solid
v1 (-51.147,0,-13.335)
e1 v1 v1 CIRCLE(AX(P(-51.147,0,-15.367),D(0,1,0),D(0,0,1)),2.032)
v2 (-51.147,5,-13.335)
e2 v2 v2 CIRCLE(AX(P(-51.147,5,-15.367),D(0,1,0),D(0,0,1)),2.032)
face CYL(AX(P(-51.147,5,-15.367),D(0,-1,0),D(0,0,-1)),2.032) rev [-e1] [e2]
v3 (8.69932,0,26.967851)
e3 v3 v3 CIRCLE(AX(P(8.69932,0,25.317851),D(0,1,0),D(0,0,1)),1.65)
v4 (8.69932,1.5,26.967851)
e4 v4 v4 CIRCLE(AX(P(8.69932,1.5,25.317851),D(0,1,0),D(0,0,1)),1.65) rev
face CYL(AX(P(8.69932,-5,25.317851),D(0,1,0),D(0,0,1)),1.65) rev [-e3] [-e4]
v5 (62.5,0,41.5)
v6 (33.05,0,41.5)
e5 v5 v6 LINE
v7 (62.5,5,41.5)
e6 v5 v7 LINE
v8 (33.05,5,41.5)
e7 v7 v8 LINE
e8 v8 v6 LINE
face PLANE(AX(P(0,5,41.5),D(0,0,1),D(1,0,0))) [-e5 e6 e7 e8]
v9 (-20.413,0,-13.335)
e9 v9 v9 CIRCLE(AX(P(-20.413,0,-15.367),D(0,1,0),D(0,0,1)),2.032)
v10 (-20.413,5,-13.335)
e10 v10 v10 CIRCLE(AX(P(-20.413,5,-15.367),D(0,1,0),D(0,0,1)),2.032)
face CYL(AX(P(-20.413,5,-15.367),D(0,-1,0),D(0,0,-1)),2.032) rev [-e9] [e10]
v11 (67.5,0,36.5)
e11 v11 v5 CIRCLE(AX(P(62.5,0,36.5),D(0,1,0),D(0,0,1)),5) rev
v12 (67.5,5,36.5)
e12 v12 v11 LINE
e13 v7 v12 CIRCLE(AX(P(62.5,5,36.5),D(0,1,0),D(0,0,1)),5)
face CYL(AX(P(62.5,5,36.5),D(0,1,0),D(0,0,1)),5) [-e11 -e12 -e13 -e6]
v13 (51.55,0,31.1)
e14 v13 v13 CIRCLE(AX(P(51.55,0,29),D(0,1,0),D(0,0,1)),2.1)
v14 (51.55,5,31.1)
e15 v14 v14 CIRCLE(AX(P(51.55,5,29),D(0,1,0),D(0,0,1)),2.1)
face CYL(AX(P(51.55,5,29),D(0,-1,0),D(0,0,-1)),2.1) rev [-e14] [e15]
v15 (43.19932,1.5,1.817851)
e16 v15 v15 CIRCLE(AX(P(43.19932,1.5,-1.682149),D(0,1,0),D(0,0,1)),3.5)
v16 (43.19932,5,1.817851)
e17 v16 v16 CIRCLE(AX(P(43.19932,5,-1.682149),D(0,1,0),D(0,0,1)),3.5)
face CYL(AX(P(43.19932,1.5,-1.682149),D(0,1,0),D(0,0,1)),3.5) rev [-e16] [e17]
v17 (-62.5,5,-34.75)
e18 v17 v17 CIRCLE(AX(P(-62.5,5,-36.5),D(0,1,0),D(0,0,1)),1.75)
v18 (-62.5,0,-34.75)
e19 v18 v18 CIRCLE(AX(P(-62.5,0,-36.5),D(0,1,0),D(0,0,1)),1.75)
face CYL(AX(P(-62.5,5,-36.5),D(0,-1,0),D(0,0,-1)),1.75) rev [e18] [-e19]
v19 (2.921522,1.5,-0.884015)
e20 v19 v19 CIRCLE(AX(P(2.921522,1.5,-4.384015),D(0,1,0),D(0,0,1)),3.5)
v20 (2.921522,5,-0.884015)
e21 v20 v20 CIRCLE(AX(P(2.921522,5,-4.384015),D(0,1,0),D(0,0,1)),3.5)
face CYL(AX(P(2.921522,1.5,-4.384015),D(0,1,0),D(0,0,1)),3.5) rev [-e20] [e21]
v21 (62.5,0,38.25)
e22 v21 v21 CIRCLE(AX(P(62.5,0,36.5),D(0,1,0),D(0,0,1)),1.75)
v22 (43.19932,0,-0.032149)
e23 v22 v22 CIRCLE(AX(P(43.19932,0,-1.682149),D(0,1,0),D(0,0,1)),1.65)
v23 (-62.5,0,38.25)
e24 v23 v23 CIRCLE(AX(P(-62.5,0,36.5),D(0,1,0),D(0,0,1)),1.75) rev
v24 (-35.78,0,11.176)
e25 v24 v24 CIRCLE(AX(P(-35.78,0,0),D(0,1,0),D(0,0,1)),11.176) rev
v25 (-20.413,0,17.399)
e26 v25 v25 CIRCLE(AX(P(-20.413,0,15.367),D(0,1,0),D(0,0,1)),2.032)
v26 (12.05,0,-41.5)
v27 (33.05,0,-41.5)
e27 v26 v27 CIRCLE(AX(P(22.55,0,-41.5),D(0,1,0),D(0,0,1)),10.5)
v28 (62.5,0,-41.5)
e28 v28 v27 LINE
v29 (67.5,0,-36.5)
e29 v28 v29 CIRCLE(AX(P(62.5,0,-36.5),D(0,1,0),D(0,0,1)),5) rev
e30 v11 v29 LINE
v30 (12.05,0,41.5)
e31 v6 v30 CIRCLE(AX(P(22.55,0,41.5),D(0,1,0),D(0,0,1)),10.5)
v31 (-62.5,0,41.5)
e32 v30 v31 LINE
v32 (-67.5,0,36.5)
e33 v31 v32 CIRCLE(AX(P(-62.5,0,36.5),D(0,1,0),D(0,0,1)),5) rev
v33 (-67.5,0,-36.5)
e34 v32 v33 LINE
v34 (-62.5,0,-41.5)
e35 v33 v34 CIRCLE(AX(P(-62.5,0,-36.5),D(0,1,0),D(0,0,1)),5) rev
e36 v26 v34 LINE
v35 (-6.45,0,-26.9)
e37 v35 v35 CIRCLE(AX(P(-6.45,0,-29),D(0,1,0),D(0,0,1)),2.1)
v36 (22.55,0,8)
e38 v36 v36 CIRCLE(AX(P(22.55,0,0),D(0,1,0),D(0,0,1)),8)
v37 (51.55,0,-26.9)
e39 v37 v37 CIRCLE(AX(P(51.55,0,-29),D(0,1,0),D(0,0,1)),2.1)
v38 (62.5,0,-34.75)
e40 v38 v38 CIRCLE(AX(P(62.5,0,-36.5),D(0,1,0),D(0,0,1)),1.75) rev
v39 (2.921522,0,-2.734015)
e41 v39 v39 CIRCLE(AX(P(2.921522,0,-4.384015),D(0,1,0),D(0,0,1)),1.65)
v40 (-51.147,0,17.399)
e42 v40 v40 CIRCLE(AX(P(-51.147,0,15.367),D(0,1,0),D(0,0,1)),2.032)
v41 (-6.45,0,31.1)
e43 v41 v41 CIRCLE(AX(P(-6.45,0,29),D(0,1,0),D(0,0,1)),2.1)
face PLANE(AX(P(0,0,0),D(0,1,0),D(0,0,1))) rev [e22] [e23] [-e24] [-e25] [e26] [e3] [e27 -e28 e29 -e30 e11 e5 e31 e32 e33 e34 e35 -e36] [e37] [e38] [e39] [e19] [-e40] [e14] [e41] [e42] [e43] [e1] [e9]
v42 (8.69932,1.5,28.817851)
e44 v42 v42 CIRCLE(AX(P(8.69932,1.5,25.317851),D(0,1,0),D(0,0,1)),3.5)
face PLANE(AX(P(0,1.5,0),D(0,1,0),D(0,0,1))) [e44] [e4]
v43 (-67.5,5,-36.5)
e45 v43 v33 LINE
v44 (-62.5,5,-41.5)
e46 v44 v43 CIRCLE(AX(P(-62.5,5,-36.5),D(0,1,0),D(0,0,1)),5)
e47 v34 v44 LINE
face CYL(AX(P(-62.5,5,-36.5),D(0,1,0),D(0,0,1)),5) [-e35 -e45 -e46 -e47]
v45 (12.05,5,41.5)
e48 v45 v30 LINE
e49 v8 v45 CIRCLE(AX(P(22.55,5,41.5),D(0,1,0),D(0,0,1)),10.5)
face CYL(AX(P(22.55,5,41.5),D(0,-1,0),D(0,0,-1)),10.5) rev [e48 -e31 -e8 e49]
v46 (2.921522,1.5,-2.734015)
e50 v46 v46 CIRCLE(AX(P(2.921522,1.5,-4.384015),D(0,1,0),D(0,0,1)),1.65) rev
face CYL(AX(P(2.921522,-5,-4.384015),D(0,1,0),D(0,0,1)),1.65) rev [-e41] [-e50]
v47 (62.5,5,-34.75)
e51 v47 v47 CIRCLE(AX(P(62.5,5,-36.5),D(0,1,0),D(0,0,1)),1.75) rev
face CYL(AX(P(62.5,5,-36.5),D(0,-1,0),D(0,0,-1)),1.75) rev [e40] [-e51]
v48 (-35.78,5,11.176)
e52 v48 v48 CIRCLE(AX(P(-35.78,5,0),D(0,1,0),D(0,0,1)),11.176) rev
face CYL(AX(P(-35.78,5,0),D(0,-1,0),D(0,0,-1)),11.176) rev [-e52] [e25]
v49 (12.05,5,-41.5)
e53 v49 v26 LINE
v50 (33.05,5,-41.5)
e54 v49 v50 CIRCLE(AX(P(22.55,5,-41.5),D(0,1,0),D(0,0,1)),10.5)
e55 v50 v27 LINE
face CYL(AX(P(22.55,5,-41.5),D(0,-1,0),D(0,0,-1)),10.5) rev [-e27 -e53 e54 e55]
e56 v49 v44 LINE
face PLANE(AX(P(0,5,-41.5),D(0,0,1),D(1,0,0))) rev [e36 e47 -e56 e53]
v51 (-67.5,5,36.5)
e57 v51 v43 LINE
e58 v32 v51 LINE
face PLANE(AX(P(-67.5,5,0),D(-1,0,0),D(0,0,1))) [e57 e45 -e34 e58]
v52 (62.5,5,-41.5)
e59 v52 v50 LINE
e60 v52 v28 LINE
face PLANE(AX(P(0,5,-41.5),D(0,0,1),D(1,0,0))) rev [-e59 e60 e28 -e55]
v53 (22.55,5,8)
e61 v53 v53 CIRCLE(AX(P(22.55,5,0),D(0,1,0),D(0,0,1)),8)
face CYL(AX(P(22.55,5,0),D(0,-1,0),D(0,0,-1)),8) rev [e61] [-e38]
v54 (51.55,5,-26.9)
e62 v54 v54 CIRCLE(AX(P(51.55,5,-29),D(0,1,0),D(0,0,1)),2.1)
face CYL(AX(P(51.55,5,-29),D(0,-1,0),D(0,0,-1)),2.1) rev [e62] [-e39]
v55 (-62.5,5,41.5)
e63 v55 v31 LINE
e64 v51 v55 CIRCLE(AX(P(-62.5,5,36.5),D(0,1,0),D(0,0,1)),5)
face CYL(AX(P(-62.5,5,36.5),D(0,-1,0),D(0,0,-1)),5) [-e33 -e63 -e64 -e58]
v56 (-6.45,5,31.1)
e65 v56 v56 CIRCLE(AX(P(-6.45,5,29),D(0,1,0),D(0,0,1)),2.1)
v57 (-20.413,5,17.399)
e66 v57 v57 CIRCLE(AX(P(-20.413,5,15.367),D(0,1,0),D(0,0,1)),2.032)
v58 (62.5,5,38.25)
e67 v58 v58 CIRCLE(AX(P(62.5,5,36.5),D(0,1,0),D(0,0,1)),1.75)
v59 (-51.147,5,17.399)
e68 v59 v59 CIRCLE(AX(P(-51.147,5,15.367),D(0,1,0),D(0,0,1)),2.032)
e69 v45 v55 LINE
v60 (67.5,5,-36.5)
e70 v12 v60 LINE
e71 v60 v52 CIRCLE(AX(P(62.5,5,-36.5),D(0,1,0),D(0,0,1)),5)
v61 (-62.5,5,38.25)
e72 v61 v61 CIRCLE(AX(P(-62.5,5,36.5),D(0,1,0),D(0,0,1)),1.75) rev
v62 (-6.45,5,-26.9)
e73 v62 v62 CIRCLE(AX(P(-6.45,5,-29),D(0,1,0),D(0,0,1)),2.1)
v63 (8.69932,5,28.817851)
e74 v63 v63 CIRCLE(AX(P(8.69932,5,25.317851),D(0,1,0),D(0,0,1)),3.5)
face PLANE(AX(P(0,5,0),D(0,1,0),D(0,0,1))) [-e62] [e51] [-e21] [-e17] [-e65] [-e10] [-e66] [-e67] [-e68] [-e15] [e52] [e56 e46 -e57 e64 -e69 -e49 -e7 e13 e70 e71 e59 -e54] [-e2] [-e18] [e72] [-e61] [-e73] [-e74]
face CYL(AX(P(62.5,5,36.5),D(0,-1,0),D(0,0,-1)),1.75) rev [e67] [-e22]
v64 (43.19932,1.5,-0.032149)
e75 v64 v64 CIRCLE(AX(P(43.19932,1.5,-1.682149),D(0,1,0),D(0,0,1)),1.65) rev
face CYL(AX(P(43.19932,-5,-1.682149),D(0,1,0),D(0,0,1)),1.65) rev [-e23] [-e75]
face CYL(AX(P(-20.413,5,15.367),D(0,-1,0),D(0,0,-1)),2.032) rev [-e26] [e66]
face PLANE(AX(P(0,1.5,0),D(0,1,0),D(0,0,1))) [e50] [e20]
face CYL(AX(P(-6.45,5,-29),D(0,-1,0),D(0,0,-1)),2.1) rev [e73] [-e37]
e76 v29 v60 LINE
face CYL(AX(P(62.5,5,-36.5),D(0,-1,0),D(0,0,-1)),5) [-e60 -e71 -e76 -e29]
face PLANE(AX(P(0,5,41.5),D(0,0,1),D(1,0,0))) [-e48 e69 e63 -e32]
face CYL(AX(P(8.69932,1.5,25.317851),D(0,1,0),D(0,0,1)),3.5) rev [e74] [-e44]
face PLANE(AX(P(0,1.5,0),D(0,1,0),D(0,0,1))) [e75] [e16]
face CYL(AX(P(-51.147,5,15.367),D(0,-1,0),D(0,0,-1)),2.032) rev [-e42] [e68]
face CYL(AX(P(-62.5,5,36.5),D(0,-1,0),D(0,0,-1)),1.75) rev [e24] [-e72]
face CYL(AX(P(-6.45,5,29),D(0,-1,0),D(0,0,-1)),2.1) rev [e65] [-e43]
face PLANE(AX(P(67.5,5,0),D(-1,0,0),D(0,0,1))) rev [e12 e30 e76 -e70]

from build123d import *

# Parameters (mm, degrees)
SKETCH1_R           = 2.1
SKETCH1_R_2         = 8
SKETCH1_R_3         = 11.176
SKETCH1_R_4         = 1.75
SKETCH1_R_5         = 2.032
BOSS_EXTRUDE1_DEPTH = 5
FILLET1_R           = 5
SKETCH8_R           = 1.65
CUT_EXTRUDE3_DEPTH  = 10
SKETCH9_R           = 3.5
SKETCH9_R_2         = 1.65
CUT_EXTRUDE4_DEPTH  = 3.5


with BuildPart() as part:
    # Sketch1 → Boss-Extrude1 (new body)
    with BuildSketch(Plane(origin=(0, 0, 0), x_dir=(1, 0, 0), z_dir=(0, 1, 0))):
        with BuildLine():
            Line((67.5, -41.5), (33.05, -41.5))
            ThreePointArc((33.05, -41.5), (22.55, -31), (12.05, -41.5))
            Line((12.05, -41.5), (-67.5, -41.5))
            Line((-67.5, -41.5), (-67.5, 41.5))
            Line((-67.5, 41.5), (12.05, 41.5))
            ThreePointArc((12.05, 41.5), (22.55, 31), (33.05, 41.5))
            Line((33.05, 41.5), (67.5, 41.5))
            Line((67.5, 41.5), (67.5, -41.5))
        make_face()
        with Locations((-6.45, 29)):
            Circle(SKETCH1_R, mode=Mode.SUBTRACT)
        with Locations((51.55, 29)):
            Circle(SKETCH1_R, mode=Mode.SUBTRACT)
        with Locations((51.55, -29)):
            Circle(SKETCH1_R, mode=Mode.SUBTRACT)
        with Locations((-6.45, -29)):
            Circle(SKETCH1_R, mode=Mode.SUBTRACT)
        with Locations((22.55, 0)):
            Circle(SKETCH1_R_2, mode=Mode.SUBTRACT)
        with Locations((-35.78, 0)):
            Circle(SKETCH1_R_3, mode=Mode.SUBTRACT)
        with Locations((-62.5, 36.5)):
            Circle(SKETCH1_R_4, mode=Mode.SUBTRACT)
        with Locations((62.5, 36.5)):
            Circle(SKETCH1_R_4, mode=Mode.SUBTRACT)
        with Locations((62.5, -36.5)):
            Circle(SKETCH1_R_4, mode=Mode.SUBTRACT)
        with Locations((-62.5, -36.5)):
            Circle(SKETCH1_R_4, mode=Mode.SUBTRACT)
        with Locations((-20.413, 15.367)):
            Circle(SKETCH1_R_5, mode=Mode.SUBTRACT)
        with Locations((-20.413, -15.367)):
            Circle(SKETCH1_R_5, mode=Mode.SUBTRACT)
        with Locations((-51.147, -15.367)):
            Circle(SKETCH1_R_5, mode=Mode.SUBTRACT)
        with Locations((-51.147, 15.367)):
            Circle(SKETCH1_R_5, mode=Mode.SUBTRACT)
    extrude(amount=BOSS_EXTRUDE1_DEPTH)

    # Fillet1
    fillet1_edges = [part.edges().sort_by_distance(p)[0] for p in [
        (67.5, 2.5, -41.5),
        (67.5, 2.5, 41.5),
        (-67.5, 2.5, 41.5),
        (-67.5, 2.5, -41.5),
    ]]
    fillet(fillet1_edges, radius=FILLET1_R)

    # Sketch8 → Cut-Extrude3 (cut)
    with BuildSketch(Plane(origin=(0, 5, 0), x_dir=(1, 0, 0), z_dir=(0, 1, 0))):
        with Locations((43.1993197, 1.68214862)):
            Circle(SKETCH8_R)
        with Locations((2.921522344, 4.384015291)):
            Circle(SKETCH8_R)
        with Locations((8.6993197, -25.31785138)):
            Circle(SKETCH8_R)
    extrude(amount=-CUT_EXTRUDE3_DEPTH, mode=Mode.SUBTRACT)

    # Sketch9 → Cut-Extrude4 (cut)
    with BuildSketch(Plane(origin=(0, 5, 0), x_dir=(1, 0, 0), z_dir=(0, 1, 0))):
        with Locations((2.921522344, 4.384015291)):
            Circle(SKETCH9_R)
        with Locations((2.921522344, 4.384015291)):
            Circle(SKETCH9_R_2, mode=Mode.SUBTRACT)
        with Locations((8.6993197, -25.31785138)):
            Circle(SKETCH9_R)
        with Locations((8.6993197, -25.31785138)):
            Circle(SKETCH9_R_2, mode=Mode.SUBTRACT)
        with Locations((43.1993197, 1.68214862)):
            Circle(SKETCH9_R)
        with Locations((43.1993197, 1.68214862)):
            Circle(SKETCH9_R_2, mode=Mode.SUBTRACT)
    extrude(amount=-CUT_EXTRUDE4_DEPTH, mode=Mode.SUBTRACT)


solid = part.part
